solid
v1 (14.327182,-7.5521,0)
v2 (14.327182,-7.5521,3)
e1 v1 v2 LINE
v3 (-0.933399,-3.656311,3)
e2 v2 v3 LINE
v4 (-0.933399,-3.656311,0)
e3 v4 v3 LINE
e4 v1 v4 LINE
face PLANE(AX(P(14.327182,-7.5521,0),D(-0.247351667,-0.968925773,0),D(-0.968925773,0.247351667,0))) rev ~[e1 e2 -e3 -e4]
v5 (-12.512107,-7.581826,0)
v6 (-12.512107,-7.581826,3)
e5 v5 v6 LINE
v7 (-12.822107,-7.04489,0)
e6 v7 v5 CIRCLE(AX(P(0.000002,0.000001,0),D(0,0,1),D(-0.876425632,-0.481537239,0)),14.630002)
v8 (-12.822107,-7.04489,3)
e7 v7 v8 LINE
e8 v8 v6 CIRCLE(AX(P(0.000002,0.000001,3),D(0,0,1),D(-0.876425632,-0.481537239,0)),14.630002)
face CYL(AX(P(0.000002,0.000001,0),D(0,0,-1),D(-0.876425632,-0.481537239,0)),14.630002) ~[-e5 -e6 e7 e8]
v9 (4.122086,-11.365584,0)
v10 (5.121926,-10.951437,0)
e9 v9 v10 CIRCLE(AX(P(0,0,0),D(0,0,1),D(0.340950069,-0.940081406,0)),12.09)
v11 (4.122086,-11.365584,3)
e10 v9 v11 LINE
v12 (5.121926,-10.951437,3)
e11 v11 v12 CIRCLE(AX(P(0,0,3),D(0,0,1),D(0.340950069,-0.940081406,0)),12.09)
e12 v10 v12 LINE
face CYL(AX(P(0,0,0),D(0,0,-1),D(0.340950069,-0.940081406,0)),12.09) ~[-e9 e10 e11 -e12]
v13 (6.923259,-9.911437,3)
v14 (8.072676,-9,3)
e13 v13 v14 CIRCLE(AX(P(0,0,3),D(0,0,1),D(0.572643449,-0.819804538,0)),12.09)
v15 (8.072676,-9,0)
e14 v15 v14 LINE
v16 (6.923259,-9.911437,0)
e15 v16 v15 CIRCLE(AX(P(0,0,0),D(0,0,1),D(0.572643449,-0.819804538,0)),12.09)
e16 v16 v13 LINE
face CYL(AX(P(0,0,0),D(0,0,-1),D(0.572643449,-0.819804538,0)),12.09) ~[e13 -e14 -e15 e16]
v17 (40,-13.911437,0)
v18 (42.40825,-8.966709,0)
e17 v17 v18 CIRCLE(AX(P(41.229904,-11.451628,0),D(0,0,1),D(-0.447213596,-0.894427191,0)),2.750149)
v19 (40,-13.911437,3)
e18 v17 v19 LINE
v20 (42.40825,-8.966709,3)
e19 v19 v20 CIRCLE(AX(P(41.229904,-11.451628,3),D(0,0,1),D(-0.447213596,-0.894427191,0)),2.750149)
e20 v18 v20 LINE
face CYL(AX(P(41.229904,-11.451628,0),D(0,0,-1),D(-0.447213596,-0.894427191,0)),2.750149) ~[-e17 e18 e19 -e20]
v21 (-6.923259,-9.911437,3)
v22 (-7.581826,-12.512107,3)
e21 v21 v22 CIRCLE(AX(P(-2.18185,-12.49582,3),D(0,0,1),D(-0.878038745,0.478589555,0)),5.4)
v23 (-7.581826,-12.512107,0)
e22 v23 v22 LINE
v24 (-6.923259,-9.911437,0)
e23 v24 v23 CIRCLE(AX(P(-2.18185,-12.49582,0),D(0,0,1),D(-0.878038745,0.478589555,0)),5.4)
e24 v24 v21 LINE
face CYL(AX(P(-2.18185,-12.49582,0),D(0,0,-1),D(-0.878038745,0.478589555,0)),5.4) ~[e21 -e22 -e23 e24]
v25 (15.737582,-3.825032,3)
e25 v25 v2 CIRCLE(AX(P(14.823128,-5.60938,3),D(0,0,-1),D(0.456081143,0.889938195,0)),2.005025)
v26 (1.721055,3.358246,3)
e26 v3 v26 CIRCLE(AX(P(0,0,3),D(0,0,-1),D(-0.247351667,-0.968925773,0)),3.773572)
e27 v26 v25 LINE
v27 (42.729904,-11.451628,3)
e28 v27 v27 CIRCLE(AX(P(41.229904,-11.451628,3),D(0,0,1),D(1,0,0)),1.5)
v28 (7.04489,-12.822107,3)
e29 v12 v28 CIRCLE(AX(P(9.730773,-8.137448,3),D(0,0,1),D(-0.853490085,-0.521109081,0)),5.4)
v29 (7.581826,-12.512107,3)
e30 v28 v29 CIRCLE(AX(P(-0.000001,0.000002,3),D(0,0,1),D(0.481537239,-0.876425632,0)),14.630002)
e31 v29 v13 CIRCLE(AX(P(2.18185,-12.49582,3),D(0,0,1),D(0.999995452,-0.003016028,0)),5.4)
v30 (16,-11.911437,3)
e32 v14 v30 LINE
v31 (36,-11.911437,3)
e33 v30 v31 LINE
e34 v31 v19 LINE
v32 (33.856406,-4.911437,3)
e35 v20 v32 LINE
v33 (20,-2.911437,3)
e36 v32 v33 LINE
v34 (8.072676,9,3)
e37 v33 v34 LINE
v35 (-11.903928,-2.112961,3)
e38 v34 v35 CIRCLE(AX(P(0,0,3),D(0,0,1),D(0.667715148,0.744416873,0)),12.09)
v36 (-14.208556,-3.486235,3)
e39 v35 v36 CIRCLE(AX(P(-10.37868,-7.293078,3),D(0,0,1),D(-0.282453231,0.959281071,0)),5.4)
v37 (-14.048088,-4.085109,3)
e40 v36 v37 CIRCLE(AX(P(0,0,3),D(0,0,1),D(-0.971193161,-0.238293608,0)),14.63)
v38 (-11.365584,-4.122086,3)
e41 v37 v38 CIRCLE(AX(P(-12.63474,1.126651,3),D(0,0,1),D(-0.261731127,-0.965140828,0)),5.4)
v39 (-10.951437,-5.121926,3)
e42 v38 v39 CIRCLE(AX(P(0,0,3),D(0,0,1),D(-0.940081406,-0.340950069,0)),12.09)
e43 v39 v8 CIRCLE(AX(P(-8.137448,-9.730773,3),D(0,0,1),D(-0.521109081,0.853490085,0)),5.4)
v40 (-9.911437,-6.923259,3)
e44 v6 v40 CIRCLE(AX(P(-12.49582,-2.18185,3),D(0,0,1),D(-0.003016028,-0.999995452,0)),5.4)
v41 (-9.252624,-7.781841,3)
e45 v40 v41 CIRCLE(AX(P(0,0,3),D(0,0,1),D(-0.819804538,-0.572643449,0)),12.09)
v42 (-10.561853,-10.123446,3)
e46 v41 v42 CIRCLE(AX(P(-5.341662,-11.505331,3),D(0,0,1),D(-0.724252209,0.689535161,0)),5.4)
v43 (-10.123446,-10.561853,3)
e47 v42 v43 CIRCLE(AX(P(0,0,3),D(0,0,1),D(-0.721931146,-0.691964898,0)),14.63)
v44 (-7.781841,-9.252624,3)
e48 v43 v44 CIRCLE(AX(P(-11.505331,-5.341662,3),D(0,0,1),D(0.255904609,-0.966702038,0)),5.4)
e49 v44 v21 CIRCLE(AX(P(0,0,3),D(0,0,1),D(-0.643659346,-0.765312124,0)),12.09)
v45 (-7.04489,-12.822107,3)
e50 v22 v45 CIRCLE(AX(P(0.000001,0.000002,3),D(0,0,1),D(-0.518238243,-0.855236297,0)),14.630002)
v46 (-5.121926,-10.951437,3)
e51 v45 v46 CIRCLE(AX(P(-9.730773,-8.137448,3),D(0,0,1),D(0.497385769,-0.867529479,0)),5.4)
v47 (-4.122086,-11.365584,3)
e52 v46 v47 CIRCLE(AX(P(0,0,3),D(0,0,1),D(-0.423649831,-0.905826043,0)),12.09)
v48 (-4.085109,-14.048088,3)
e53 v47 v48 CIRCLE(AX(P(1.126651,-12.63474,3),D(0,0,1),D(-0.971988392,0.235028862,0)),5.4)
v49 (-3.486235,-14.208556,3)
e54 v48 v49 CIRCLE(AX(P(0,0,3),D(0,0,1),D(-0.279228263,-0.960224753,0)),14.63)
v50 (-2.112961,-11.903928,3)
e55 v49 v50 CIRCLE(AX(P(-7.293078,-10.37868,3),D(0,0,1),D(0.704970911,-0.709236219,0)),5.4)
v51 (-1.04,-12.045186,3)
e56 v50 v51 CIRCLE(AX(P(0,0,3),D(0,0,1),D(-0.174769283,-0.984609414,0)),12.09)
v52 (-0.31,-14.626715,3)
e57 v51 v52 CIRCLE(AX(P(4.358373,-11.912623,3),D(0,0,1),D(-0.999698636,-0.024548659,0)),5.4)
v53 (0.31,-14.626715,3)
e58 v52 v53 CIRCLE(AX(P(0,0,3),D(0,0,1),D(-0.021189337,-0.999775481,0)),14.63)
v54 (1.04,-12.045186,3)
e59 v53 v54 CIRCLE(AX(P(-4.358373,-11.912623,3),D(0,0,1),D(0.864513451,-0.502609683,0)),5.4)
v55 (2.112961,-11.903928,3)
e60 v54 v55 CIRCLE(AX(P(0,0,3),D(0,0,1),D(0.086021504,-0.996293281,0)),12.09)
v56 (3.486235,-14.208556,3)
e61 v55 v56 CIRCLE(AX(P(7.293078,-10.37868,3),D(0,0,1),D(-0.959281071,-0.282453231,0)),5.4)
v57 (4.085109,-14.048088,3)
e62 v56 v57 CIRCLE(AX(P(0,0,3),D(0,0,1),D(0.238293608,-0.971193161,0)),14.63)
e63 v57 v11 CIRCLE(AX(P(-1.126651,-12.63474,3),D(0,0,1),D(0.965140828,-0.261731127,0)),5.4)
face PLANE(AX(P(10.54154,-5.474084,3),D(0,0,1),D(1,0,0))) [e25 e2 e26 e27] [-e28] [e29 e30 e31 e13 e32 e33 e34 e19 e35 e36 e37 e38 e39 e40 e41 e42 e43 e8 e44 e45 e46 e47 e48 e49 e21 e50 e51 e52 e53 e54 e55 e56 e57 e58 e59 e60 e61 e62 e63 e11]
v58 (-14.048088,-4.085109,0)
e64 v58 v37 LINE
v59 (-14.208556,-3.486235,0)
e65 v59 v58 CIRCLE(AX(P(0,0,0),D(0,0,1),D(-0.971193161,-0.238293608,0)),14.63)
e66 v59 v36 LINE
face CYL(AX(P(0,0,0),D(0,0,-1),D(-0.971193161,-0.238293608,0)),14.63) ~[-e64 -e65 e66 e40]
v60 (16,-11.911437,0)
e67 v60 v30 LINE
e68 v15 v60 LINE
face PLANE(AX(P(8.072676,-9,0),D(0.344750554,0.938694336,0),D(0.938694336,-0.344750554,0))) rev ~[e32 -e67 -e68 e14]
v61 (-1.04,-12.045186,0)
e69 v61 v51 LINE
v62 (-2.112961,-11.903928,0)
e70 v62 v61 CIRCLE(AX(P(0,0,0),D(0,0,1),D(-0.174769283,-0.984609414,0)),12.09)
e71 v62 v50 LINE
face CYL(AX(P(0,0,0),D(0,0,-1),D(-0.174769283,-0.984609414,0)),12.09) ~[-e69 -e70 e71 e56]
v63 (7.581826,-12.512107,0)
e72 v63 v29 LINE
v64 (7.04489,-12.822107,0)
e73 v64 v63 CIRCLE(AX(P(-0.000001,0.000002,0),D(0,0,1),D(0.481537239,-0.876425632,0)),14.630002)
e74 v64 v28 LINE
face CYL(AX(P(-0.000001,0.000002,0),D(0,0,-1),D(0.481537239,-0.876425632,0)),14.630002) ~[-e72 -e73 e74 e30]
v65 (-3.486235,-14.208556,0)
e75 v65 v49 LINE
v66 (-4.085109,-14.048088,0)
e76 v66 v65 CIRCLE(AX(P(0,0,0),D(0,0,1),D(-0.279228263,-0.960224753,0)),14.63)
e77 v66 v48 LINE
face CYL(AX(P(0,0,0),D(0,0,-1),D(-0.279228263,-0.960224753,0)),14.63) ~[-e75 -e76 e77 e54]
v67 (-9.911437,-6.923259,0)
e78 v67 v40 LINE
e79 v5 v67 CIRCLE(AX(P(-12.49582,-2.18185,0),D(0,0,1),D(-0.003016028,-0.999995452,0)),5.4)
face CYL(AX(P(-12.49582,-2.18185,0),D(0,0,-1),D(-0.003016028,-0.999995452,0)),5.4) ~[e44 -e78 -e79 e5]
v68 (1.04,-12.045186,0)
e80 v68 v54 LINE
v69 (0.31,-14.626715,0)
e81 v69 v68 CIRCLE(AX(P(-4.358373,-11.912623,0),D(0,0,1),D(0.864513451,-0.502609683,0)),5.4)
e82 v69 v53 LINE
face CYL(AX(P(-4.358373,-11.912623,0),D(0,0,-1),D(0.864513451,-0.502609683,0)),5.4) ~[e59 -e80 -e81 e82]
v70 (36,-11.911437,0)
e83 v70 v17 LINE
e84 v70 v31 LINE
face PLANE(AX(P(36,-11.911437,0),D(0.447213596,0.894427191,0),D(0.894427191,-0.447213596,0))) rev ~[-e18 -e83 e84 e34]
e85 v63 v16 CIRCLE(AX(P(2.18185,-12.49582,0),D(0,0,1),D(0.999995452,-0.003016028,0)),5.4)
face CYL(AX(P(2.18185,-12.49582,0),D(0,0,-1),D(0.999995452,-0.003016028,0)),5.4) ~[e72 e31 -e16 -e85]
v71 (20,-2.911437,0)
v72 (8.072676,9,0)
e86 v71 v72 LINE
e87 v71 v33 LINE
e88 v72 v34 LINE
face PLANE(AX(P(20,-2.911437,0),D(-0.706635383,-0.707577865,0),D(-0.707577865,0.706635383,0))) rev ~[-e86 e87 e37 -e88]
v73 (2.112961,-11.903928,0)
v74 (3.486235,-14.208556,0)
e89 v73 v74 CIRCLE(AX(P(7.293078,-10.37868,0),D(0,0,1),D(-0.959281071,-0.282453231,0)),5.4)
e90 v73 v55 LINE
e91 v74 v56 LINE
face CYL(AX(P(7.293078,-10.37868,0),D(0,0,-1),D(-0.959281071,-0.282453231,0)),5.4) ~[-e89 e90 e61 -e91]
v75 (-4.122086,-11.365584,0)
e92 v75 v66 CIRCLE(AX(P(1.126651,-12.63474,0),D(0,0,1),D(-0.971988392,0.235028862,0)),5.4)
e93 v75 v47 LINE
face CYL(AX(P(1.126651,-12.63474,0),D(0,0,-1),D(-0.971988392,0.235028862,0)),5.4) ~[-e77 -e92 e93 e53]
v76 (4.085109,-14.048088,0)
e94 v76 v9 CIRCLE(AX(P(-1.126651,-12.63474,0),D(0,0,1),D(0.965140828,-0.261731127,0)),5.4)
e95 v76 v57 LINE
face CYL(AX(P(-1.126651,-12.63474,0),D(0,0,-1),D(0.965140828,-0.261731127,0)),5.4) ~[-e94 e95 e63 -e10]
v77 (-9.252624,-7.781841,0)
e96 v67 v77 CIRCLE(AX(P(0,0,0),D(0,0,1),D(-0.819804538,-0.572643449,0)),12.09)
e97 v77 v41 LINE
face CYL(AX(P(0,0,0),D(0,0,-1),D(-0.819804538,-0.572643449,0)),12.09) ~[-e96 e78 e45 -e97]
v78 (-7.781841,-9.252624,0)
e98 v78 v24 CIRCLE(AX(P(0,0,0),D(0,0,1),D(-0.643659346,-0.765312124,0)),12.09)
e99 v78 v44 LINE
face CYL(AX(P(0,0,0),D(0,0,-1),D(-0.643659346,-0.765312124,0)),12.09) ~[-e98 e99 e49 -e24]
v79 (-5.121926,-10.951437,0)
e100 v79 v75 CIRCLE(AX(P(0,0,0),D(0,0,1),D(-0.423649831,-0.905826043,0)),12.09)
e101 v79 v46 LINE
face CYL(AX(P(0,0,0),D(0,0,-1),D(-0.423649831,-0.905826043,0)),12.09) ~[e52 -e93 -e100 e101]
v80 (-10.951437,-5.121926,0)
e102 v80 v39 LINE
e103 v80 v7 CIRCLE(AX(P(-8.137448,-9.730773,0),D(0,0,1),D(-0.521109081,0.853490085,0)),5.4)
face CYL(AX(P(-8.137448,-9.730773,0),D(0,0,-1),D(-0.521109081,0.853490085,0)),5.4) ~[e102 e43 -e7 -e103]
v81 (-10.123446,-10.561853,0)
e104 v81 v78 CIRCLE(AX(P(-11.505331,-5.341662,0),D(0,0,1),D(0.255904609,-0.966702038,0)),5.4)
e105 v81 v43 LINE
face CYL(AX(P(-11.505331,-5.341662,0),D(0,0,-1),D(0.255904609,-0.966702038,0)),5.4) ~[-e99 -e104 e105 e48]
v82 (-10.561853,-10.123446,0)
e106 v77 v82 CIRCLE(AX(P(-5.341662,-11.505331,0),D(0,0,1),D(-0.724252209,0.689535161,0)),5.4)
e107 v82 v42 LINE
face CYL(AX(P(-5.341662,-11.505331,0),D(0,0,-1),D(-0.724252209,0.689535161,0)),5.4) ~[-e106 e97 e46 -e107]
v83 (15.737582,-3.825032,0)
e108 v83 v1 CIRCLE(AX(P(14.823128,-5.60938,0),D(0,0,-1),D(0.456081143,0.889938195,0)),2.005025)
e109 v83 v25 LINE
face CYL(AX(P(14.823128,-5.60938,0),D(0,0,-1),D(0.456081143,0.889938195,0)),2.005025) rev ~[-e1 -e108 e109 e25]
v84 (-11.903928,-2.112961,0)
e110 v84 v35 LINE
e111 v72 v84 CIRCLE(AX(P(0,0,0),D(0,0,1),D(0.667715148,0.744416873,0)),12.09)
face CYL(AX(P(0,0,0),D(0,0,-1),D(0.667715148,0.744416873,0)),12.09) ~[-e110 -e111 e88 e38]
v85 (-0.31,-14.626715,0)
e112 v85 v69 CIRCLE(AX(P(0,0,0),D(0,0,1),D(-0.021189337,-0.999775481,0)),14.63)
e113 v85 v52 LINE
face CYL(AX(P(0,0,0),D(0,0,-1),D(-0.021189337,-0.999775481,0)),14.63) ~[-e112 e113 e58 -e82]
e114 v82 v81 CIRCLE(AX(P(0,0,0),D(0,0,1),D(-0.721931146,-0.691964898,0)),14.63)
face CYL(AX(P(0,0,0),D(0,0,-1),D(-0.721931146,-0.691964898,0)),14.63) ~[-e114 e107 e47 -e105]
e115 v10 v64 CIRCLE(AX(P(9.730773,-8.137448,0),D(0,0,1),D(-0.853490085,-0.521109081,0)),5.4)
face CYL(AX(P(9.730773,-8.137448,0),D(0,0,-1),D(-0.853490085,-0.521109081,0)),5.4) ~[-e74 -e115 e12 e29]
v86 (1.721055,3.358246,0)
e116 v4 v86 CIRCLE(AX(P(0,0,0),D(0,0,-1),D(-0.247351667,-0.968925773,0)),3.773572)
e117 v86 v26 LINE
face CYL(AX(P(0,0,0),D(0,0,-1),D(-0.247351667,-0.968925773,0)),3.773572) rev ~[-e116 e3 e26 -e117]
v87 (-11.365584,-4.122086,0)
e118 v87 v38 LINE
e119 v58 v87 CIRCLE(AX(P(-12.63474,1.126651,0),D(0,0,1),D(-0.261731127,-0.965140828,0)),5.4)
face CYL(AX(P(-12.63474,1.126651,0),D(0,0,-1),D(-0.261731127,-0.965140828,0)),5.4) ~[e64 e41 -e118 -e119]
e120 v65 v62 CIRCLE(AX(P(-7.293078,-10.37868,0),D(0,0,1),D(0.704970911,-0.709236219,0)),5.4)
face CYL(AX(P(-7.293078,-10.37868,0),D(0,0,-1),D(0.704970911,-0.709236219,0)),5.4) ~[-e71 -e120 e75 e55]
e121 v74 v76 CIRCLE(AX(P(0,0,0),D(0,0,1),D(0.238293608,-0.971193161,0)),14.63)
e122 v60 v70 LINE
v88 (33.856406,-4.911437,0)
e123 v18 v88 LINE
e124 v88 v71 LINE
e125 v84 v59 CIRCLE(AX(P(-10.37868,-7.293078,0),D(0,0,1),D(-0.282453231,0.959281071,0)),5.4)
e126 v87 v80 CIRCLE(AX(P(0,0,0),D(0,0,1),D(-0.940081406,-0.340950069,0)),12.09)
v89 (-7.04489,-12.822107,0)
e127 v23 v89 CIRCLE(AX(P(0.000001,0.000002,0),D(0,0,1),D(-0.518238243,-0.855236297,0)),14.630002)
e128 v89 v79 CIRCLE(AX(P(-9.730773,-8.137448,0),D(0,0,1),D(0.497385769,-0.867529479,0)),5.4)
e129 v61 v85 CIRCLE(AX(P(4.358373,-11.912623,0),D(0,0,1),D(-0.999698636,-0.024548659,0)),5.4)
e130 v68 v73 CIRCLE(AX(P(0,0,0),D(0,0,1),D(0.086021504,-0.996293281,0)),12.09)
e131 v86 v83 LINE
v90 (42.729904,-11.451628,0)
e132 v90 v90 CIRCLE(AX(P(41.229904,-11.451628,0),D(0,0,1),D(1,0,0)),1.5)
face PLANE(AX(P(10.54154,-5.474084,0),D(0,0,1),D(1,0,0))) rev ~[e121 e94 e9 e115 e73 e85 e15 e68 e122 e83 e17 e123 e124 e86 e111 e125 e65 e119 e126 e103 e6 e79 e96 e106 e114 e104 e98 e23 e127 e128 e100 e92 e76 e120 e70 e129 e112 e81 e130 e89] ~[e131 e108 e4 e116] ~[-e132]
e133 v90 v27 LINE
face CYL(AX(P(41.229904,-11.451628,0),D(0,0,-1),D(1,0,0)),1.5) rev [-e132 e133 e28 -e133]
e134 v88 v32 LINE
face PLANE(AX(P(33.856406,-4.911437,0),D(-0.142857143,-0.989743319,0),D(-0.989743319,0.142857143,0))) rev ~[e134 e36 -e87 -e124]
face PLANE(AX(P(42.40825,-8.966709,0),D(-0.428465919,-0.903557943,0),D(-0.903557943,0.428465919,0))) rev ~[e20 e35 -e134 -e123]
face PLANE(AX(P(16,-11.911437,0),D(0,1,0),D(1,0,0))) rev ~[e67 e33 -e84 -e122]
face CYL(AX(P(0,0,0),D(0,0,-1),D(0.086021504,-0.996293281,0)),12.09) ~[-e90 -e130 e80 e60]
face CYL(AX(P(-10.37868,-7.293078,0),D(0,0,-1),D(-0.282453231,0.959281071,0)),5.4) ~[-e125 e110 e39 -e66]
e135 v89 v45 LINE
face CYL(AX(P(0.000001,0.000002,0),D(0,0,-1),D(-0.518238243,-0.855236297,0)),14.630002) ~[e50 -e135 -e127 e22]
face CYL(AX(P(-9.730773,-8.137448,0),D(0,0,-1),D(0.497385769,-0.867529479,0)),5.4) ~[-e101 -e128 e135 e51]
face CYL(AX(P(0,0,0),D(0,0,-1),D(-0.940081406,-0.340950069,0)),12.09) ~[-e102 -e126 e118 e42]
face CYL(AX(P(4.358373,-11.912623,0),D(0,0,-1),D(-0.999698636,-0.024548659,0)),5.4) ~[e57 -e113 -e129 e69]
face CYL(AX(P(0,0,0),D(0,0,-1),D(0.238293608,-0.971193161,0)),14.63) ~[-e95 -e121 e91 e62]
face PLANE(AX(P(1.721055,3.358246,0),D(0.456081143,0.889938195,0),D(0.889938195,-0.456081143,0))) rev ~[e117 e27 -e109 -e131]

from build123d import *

# Parameters (mm, degrees)
SKETCH2_R           = 1.5
BOSS_EXTRUDE2_DEPTH = 3
CUT_EXTRUDE2_DEPTH  = 3


with BuildPart() as part:
    # Sketch2 → Boss-Extrude2 (new body)
    with BuildSketch(Plane.XY):
        with BuildLine():
            Line((33.856406461, -4.911436862), (20, -2.911436862))
            Line((20, -2.911436862), (8.072676136, 9))
            ThreePointArc((8.072676136, 9), (-5.877422545, 10.565226179), (-11.903927815, -2.112960617))
            ThreePointArc((-11.903927815, -2.112960617), (-13.14288127, -2.654199937), (-14.208555951, -3.486235477))
            ThreePointArc((-14.208555951, -3.486235477), (-14.131494839, -3.78652263), (-14.048088143, -4.085109489))
            ThreePointArc((-14.048088143, -4.085109489), (-12.709169027, -4.272836063), (-11.365584201, -4.122086336))
            ThreePointArc((-11.365584201, -4.122086336), (-11.169703548, -4.626642697), (-10.951436862, -5.12192646))
            ThreePointArc((-10.951436862, -5.12192646), (-12.008090957, -5.965388247), (-12.82210701, -7.044889767))
            ThreePointArc((-12.82210701, -7.044889767), (-12.669951657, -7.315), (-12.51210701, -7.581825517))
            ThreePointArc((-12.51210701, -7.581825517), (-11.170223244, -7.416617696), (-9.911436862, -6.9232593))
            ThreePointArc((-9.911436862, -6.9232593), (-9.591641884, -7.359925677), (-9.252623584, -7.781841479))
            ThreePointArc((-9.252623584, -7.781841479), (-10.05496909, -8.870045207), (-10.561852666, -10.123446462))
            ThreePointArc((-10.561852666, -10.123446462), (-10.344972209, -10.344972209), (-10.123446462, -10.561852666))
            ThreePointArc((-10.123446462, -10.561852666), (-8.870045207, -10.05496909), (-7.781841479, -9.252623584))
            ThreePointArc((-7.781841479, -9.252623584), (-7.359925677, -9.591641884), (-6.9232593, -9.911436862))
            ThreePointArc((-6.9232593, -9.911436862), (-7.416617696, -11.170223244), (-7.581825517, -12.51210701))
            ThreePointArc((-7.581825517, -12.51210701), (-7.315, -12.669951657), (-7.044889767, -12.82210701))
            ThreePointArc((-7.044889767, -12.82210701), (-5.965388247, -12.008090957), (-5.12192646, -10.951436862))
            ThreePointArc((-5.12192646, -10.951436862), (-4.626642697, -11.169703548), (-4.122086336, -11.365584201))
            ThreePointArc((-4.122086336, -11.365584201), (-4.272836063, -12.709169027), (-4.085109489, -14.048088143))
            ThreePointArc((-4.085109489, -14.048088143), (-3.78652263, -14.131494839), (-3.486235477, -14.208555951))
            ThreePointArc((-3.486235477, -14.208555951), (-2.654199937, -13.14288127), (-2.112960617, -11.903927815))
            ThreePointArc((-2.112960617, -11.903927815), (-1.578061664, -11.986568374), (-1.04, -12.04518576))
            ThreePointArc((-1.04, -12.04518576), (-0.837867713, -13.382005944), (-0.31, -14.626715284))
            ThreePointArc((-0.31, -14.626715284), (0, -14.63), (0.31, -14.626715284))
            ThreePointArc((0.31, -14.626715284), (0.837867713, -13.382005944), (1.04, -12.04518576))
            ThreePointArc((1.04, -12.04518576), (1.578061664, -11.986568374), (2.112960617, -11.903927815))
            ThreePointArc((2.112960617, -11.903927815), (2.654199937, -13.14288127), (3.486235477, -14.208555951))
            ThreePointArc((3.486235477, -14.208555951), (3.78652263, -14.131494839), (4.085109489, -14.048088143))
            ThreePointArc((4.085109489, -14.048088143), (4.272836063, -12.709169027), (4.122086336, -11.365584201))
            ThreePointArc((4.122086336, -11.365584201), (4.626642697, -11.169703548), (5.12192646, -10.951436862))
            ThreePointArc((5.12192646, -10.951436862), (5.965388247, -12.008090957), (7.044889767, -12.82210701))
            ThreePointArc((7.044889767, -12.82210701), (7.315, -12.669951657), (7.581825517, -12.51210701))
            ThreePointArc((7.581825517, -12.51210701), (7.416617696, -11.170223244), (6.9232593, -9.911436862))
            ThreePointArc((6.9232593, -9.911436862), (7.51180399, -9.473167412), (8.072676136, -9))
            Line((8.072676136, -9), (16, -11.911436862))
            Line((16, -11.911436862), (36, -11.911436862))
            Line((36, -11.911436862), (40, -13.911436862))
            ThreePointArc((40, -13.911436862), (43.70240259, -12.65581862), (42.40824957, -8.966708962))
            Line((42.40824957, -8.966708962), (33.856406461, -4.911436862))
        make_face()
        with Locations((41.229904242, -11.451628378)):
            Circle(SKETCH2_R, mode=Mode.SUBTRACT)
    extrude(amount=BOSS_EXTRUDE2_DEPTH)

    # Sketch4 → Cut-Extrude2 (cut)
    with BuildSketch(Plane(origin=(0, 0, 0), x_dir=(-1, 0, 0), z_dir=(0, 0, -1))):
        with BuildLine():
            Line((-1.721055129, 3.358246048), (-15.737581702, -3.825031953))
            ThreePointArc((-15.737581702, -3.825031953), (-16.698373457, -6.319012023), (-14.327181541, -7.55210013))
            Line((-14.327181541, -7.55210013), (0.933399378, -3.656311376))
            ThreePointArc((0.933399378, -3.656311376), (3.529320665, 1.335568388), (-1.721055129, 3.358246048))
        make_face()
    extrude(amount=-CUT_EXTRUDE2_DEPTH, mode=Mode.SUBTRACT)


solid = part.part
